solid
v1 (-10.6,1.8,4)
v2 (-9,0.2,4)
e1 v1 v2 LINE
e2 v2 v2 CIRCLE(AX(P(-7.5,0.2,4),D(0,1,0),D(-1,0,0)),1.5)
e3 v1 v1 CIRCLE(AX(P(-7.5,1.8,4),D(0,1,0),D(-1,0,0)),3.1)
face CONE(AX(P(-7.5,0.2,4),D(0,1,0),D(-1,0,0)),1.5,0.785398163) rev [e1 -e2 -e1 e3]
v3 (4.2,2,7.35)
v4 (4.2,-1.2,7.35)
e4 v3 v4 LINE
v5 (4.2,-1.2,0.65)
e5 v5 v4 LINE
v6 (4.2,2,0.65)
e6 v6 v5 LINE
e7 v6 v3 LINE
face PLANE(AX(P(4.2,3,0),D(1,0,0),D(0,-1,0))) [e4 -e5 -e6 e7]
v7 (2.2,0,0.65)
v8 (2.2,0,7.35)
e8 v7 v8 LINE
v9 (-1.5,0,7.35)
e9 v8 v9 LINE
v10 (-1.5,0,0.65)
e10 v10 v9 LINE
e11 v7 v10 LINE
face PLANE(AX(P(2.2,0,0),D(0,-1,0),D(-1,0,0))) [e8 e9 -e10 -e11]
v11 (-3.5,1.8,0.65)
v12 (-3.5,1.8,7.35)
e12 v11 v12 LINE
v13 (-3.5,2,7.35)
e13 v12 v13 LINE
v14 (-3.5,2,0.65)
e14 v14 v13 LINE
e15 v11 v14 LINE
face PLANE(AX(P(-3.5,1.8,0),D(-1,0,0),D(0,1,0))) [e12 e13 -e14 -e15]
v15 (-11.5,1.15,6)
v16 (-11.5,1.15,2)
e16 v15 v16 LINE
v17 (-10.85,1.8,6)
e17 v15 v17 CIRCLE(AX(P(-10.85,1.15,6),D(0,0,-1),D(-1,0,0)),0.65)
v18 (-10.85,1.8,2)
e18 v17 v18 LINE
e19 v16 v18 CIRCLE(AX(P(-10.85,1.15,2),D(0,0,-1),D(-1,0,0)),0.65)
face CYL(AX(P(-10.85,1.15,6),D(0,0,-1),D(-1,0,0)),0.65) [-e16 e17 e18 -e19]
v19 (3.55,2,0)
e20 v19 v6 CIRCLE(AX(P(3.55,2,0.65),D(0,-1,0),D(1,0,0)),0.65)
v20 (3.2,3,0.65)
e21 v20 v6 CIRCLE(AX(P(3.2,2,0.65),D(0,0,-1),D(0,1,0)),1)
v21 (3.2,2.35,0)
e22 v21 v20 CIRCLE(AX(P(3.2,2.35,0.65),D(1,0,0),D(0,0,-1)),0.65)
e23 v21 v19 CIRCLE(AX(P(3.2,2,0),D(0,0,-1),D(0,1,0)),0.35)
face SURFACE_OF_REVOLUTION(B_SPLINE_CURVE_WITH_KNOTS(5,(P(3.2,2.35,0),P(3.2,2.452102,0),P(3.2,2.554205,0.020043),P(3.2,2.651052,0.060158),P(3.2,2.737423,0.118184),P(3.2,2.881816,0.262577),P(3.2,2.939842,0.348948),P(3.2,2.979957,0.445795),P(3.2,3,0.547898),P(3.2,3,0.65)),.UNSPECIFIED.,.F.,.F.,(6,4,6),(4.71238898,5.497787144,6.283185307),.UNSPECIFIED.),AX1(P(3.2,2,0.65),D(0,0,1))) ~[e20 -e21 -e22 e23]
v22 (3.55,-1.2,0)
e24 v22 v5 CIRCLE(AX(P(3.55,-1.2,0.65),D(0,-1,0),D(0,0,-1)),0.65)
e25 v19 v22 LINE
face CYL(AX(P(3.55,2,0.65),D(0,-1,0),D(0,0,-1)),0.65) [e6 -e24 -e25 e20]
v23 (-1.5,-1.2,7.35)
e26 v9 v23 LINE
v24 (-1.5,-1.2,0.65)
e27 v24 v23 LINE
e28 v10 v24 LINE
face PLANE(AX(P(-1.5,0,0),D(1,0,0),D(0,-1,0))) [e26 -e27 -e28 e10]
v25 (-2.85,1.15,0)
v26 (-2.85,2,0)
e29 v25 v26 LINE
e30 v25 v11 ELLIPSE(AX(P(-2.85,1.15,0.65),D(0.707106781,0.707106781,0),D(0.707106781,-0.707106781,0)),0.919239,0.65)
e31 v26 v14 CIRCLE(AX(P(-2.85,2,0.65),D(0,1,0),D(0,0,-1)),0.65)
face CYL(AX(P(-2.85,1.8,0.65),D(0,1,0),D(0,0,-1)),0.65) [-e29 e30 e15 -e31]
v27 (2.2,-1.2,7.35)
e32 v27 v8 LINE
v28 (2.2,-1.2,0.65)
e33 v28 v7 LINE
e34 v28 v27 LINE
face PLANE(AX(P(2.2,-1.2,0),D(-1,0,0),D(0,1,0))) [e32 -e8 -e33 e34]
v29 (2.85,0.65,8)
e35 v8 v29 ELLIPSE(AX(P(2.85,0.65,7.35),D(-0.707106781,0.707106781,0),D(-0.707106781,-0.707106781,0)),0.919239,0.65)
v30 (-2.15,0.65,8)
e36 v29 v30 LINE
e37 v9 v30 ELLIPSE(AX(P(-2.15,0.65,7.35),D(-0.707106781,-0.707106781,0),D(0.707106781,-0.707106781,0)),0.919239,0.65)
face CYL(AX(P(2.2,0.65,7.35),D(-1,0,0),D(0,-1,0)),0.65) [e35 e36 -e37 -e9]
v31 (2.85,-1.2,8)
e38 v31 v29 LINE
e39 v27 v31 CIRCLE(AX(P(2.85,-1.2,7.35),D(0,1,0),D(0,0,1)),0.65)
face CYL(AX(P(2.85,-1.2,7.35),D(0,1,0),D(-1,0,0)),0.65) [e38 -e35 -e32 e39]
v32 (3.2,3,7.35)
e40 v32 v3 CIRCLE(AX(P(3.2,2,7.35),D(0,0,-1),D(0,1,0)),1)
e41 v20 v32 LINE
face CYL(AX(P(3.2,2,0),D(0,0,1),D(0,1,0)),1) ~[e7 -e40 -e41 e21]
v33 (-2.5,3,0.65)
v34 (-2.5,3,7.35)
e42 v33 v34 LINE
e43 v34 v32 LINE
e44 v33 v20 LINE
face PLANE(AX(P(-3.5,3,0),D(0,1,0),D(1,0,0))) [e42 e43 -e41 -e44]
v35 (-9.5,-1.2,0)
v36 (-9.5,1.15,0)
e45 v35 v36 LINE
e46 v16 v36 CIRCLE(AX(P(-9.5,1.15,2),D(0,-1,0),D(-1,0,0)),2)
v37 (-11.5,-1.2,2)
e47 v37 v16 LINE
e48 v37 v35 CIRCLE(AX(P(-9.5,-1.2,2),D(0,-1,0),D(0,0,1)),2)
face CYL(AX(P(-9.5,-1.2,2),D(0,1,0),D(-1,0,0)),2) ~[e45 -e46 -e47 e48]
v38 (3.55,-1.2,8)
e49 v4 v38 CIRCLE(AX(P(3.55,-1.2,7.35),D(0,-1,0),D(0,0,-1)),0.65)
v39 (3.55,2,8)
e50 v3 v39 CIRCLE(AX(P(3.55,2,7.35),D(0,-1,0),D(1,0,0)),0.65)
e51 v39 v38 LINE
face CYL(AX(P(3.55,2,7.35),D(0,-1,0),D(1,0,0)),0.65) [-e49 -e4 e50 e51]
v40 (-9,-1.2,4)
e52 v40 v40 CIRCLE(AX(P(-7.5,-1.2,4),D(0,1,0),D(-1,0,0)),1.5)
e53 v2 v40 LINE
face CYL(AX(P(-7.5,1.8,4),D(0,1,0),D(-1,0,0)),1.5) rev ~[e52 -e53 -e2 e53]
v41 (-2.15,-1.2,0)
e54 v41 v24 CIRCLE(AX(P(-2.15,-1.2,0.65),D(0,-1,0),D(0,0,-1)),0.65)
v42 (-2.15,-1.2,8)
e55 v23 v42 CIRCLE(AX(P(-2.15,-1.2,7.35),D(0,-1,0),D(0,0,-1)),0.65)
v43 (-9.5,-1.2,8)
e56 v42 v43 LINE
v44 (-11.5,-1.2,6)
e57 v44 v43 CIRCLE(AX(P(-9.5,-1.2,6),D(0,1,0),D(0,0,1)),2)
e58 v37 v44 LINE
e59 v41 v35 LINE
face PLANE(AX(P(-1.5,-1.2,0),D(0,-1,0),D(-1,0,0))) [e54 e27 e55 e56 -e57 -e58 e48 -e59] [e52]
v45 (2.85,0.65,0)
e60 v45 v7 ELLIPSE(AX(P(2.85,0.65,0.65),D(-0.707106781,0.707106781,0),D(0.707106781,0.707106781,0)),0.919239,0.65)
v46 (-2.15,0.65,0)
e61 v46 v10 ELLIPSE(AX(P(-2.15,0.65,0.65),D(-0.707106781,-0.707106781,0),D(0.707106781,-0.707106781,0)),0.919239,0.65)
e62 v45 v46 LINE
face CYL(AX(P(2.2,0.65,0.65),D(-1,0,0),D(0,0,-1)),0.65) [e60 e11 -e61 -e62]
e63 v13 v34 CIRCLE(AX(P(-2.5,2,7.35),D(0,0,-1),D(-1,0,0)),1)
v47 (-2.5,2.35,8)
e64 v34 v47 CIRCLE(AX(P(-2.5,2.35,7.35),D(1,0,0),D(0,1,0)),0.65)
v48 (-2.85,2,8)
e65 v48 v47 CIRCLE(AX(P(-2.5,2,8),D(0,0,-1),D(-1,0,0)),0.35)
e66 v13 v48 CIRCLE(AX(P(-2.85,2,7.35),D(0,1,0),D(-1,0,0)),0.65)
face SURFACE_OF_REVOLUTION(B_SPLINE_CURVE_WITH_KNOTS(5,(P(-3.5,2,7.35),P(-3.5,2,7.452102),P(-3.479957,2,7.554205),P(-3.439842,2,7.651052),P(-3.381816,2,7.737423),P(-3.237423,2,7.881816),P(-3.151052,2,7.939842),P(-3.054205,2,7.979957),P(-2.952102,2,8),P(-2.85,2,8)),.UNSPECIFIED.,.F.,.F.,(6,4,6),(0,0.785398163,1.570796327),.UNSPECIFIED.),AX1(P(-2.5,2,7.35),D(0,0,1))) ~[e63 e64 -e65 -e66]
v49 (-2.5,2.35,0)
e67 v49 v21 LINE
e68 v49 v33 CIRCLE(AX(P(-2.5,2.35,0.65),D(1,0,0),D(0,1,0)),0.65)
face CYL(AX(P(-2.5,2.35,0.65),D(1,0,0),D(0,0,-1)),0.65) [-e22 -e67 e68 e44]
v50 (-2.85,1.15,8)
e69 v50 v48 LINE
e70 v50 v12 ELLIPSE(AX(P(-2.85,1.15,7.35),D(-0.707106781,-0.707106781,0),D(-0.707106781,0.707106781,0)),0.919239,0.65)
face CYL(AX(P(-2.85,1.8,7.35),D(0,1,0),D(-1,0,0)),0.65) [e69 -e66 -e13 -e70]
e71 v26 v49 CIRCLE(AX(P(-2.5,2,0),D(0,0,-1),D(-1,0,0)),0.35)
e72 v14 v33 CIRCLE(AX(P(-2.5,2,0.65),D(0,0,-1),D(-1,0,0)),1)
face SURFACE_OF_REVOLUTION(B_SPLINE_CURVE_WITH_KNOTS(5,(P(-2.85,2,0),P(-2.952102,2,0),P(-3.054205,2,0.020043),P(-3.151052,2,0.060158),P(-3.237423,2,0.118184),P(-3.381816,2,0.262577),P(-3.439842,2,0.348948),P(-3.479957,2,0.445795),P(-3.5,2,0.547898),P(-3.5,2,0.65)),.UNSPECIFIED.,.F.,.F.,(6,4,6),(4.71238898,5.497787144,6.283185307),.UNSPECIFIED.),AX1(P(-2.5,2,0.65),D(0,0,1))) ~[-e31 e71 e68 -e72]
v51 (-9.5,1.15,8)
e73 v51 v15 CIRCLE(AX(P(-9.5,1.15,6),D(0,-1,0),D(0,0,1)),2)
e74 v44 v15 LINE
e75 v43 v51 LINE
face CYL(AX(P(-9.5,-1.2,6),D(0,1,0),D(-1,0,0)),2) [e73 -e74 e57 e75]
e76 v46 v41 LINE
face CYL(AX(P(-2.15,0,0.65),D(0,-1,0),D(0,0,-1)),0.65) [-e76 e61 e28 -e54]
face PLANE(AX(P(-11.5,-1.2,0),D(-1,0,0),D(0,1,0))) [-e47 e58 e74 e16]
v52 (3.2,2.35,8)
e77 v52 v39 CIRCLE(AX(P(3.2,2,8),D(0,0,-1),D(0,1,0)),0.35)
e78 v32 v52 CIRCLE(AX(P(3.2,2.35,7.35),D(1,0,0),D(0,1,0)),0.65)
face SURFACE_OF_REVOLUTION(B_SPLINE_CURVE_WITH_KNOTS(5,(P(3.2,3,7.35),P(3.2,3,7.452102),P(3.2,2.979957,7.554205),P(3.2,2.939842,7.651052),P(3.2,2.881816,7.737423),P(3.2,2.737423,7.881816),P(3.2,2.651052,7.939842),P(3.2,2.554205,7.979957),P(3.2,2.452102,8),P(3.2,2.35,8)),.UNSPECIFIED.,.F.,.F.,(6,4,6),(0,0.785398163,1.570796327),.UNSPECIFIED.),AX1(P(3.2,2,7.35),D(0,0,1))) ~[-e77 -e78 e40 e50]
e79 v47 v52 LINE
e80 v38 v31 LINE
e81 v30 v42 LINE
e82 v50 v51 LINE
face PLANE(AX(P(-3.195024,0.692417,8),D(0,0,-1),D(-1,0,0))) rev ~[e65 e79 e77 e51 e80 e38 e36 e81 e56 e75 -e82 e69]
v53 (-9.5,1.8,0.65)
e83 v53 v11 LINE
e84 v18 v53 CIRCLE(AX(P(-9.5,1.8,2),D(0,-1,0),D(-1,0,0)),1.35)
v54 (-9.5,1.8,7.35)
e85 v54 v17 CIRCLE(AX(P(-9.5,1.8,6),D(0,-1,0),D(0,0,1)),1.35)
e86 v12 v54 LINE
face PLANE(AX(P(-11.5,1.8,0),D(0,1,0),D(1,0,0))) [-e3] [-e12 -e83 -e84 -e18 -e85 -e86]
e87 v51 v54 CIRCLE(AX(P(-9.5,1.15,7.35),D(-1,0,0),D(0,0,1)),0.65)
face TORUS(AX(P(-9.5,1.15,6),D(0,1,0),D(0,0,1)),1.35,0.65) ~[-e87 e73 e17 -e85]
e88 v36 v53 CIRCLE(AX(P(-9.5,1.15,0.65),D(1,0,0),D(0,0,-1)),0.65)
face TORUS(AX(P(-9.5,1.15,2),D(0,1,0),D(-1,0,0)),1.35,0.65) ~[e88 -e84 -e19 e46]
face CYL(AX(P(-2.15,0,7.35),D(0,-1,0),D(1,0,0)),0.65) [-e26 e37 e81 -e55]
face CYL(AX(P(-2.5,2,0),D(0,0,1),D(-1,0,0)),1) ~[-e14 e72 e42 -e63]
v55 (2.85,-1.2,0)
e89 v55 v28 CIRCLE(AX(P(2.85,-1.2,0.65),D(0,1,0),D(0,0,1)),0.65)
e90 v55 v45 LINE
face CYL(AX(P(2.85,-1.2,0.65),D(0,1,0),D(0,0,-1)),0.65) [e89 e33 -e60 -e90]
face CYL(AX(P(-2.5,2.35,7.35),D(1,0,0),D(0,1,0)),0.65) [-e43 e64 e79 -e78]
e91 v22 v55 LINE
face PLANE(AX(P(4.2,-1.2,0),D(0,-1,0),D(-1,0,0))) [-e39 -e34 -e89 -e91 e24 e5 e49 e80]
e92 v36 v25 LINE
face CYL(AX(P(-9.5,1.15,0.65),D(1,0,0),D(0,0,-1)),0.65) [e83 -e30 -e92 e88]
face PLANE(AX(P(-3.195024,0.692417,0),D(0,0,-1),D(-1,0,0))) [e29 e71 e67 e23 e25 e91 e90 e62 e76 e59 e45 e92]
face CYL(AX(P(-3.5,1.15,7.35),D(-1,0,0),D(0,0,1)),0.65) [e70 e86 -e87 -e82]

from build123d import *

# Parameters (mm, degrees)
RESSALTO_EXTRUS_O1_DEPTH = 8
ESBO_O2_R                = 1.5
CORTE_EXTRUS_O1_DEPTH    = 6
CHANFRO2_SIZE            = 1.6
FILETE3_R                = 2
FILETE5_R                = 1
FILETE6_R                = 0.65


with BuildPart() as part:
    # Esboço1 → Ressalto-extrusão1 (new body)
    with BuildSketch(Plane.XY):
        Polygon((-11.5, -1.2), (-11.5, 1.8), (-3.5, 1.8), (-3.5, 3), (4.2, 3), (4.2, -1.2), (2.2, -1.2), (2.2, 0), (-1.5, 0), (-1.5, -1.2), align=None)
    extrude(amount=RESSALTO_EXTRUS_O1_DEPTH)

    # Esboço2 → Corte-extrusão1 (cut)
    with BuildSketch(Plane(origin=(0, 1.8, 0), x_dir=(1, 0, 0), z_dir=(0, 1, 0))):
        with Locations(Location((-7.5, -4, 0), (0, 0, 180))):
            Circle(ESBO_O2_R)
    extrude(amount=-CORTE_EXTRUS_O1_DEPTH, mode=Mode.SUBTRACT)

    # Chanfro2
    chanfro2_edges = [part.edges().sort_by_distance(p)[0] for p in [
        (-6, 1.8, 4),
    ]]
    chamfer(chanfro2_edges, length=CHANFRO2_SIZE)

    # Filete3
    filete3_edges = [part.edges().sort_by_distance(p)[0] for p in [
        (-11.5, 0.3, 0),
        (-11.5, 0.3, 8),
    ]]
    fillet(filete3_edges, radius=FILETE3_R)

    # Filete5
    filete5_edges = [part.edges().sort_by_distance(p)[0] for p in [
        (-3.5, 3, 4),
        (4.2, 3, 4),
    ]]
    fillet(filete5_edges, radius=FILETE5_R)

    # Filete6
    filete6_edges = [part.edges().sort_by_distance(p)[0] for p in [
        (-1.5, -0.6, 0),
        (-6.5, 1.8, 0),
        (4.2, 0.4, 0),
        (2.2, -0.6, 0),
        (0.35, 0, 0),
        (4.2, 0.4, 8),
        (-6.5, 1.8, 8),
        (-1.5, -0.6, 8),
        (-11.5, 1.8, 4),
        (-10.914213562, 1.8, 0.585786438),
        (-10.914213562, 1.8, 7.414213562),
        (0.35, 0, 8),
        (-3.5, 1.9, 0),
        (-3.5, 1.9, 8),
        (0.35, 3, 0),
        (3.907106781, 2.707106781, 0),
        (-3.207106781, 2.707106781, 0),
        (0.35, 3, 8),
        (3.907106781, 2.707106781, 8),
        (-3.207106781, 2.707106781, 8),
        (2.2, -0.6, 8),
    ]]
    fillet(filete6_edges, radius=FILETE6_R)


solid = part.part
